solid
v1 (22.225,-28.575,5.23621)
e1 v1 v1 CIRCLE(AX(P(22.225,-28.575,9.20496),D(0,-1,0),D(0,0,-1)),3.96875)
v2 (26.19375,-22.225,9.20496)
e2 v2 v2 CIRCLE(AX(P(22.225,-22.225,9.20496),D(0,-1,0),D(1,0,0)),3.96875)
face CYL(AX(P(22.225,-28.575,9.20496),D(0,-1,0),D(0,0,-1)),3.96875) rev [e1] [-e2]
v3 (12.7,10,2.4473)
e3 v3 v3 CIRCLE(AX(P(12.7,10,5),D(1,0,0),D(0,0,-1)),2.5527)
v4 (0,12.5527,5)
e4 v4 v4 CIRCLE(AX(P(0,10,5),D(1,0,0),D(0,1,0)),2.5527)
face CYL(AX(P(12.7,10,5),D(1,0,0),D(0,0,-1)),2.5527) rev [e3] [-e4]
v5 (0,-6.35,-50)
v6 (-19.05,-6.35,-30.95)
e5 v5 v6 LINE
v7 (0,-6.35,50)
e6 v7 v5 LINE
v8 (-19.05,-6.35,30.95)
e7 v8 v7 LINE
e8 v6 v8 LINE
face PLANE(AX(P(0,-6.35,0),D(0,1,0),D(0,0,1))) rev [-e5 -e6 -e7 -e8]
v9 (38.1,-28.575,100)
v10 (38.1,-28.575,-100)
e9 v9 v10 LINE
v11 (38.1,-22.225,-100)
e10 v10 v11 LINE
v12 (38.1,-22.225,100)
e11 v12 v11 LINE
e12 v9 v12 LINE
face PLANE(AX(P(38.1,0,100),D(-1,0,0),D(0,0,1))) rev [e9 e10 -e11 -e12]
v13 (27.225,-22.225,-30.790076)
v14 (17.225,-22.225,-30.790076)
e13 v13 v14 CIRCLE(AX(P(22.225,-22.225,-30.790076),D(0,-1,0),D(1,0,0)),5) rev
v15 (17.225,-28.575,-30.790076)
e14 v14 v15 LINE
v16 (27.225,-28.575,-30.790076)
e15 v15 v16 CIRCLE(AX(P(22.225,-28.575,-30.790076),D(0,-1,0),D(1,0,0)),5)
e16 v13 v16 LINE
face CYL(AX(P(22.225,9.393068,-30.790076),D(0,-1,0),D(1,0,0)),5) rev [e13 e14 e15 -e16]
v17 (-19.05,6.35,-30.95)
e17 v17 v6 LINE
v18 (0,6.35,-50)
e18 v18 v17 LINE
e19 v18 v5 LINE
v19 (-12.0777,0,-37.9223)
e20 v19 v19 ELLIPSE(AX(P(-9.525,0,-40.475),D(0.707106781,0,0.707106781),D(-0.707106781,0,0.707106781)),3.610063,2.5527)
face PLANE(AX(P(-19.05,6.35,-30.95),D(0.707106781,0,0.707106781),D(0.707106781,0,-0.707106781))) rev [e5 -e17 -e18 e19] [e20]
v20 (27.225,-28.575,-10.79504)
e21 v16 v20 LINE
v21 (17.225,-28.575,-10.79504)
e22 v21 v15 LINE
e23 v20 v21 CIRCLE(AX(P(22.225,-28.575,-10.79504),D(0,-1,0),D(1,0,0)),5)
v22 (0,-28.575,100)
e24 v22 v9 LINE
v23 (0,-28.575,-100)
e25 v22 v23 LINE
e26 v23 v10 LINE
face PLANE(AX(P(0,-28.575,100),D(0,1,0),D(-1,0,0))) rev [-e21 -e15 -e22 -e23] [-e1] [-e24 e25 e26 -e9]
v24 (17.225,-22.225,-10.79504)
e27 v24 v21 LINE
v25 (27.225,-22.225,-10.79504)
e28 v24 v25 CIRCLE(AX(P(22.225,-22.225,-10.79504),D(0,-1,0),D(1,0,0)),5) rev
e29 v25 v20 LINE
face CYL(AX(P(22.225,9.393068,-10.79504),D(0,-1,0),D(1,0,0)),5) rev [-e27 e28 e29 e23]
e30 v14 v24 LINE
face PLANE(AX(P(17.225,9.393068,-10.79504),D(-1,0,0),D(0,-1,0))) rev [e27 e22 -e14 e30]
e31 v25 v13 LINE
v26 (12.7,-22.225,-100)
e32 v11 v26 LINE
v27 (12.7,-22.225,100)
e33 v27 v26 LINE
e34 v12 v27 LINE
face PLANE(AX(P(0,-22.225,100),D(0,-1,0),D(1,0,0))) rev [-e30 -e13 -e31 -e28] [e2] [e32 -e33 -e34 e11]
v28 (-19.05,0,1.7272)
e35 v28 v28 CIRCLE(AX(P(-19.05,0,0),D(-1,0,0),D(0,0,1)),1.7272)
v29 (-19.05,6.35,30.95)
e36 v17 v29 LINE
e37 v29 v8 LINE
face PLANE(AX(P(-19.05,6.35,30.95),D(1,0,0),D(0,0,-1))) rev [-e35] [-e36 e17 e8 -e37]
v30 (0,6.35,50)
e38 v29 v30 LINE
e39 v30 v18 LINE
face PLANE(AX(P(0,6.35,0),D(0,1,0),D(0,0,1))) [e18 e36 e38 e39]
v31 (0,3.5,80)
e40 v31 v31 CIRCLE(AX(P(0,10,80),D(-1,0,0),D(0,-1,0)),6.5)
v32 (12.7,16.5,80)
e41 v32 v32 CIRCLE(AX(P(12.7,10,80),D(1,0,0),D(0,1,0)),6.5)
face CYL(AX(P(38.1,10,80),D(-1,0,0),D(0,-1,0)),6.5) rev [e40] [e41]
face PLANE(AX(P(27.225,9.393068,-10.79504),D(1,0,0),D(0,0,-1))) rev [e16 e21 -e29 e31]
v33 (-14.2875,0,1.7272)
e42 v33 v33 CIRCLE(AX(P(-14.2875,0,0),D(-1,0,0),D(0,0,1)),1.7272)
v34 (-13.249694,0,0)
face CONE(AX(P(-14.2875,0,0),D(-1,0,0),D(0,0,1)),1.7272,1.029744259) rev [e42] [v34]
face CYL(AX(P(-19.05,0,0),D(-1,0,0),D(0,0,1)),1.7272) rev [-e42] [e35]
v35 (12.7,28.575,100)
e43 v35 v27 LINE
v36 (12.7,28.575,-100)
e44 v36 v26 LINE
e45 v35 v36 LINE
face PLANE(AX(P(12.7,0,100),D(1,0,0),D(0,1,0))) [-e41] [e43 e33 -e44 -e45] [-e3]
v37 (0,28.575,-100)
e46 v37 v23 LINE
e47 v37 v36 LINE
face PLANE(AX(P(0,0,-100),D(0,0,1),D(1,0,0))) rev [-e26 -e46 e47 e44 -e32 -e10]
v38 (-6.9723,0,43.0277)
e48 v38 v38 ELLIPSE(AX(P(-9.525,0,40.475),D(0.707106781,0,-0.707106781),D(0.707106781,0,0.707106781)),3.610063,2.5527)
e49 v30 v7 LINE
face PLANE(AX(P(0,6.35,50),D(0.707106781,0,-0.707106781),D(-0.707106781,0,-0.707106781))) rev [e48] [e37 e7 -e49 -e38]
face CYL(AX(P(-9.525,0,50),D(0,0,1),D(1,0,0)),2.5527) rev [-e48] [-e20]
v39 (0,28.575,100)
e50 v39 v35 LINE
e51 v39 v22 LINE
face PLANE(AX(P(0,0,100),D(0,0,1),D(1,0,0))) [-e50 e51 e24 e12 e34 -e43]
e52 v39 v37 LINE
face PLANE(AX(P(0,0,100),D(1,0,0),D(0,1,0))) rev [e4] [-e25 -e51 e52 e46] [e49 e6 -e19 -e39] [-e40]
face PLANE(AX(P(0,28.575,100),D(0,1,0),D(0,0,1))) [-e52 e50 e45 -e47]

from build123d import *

# Parameters (mm, degrees)
SALIENTE_EXTRUIR1_DEPTH       = 100
SALIENTE_EXTRUIR2_DEPTH       = 6.35
TALADRO_ROSCADO_1_4_202_D     = 5.1054
TALADRO_ROSCADO_8_321_D       = 3.4544
TALADRO_ROSCADO_8_321_DEPTH   = 4.7625
TALADRO_ROSCADO_8_321_TIP     = 1.037806461
CROQUIS10_R                   = 6.5
CORTAR_EXTRUIR1_DEPTH         = 111.761638779
CORTAR_EXTRUIR2_DEPTH         = 6.35
TALADRO_ROSCADO_1_4_203_D     = 5.1054
TALADRO_ROSCADO_1_4_203_DEPTH = 13
TALADRO_ROSCADO_1_4_203_TIP   = 1.533816902
F_3_8_16_TAPPED_HOLE1_D       = 7.9375
F_3_8_16_TAPPED_HOLE1_DEPTH   = 23.81
F_3_8_16_TAPPED_HOLE1_TIP     = 2.384665582


with BuildPart() as part:
    # Croquis1 → Saliente-Extruir1 (new, symmetric)
    with BuildSketch(Plane.XY):
        Polygon((12.7, 28.575), (0, 28.575), (0, 0), (0, -28.575), (38.1, -28.575), (38.1, -22.225), (12.7, -22.225), (12.7, 22.225), align=None)
    extrude(amount=SALIENTE_EXTRUIR1_DEPTH, both=True)

    # Croquis2 → Saliente-Extruir2 (add, symmetric)
    with BuildSketch(Plane(origin=(0, 0, 0), x_dir=(1, 0, 0), z_dir=(0, 1, 0))):
        Polygon((0, 50), (0, -50), (-19.05, -30.95), (-19.05, 30.95), align=None)
    extrude(amount=SALIENTE_EXTRUIR2_DEPTH, both=True)

    # Taladro roscado 1/4-202 (through all)
    with Locations(Plane.XY.offset(50)):
        with Locations((-9.525, 0)):
            Hole(TALADRO_ROSCADO_1_4_202_D / 2)

    # Taladro roscado #8-321
    with Locations(Plane.ZY.offset(19.05)):
        with Locations((0, 0)):
            Hole(TALADRO_ROSCADO_8_321_D / 2, depth=TALADRO_ROSCADO_8_321_DEPTH)
            with Locations((0, 0, -(TALADRO_ROSCADO_8_321_DEPTH + TALADRO_ROSCADO_8_321_TIP / 2))):  # 118° drill point
                Cone(0, TALADRO_ROSCADO_8_321_D / 2, TALADRO_ROSCADO_8_321_TIP, mode=Mode.SUBTRACT)

    # Croquis10 → Cortar-Extruir1 (cut, through all)
    with BuildSketch(Plane.ZY):
        with Locations(Location((80, 10, 0), (0, 0, 270))):
            Circle(CROQUIS10_R)
    extrude(amount=-CORTAR_EXTRUIR1_DEPTH, mode=Mode.SUBTRACT)

    # Croquis13 → Cortar-Extruir2 (cut)
    with BuildSketch(Plane.XZ.offset(28.575)):
        with BuildLine():
            Line((27.225, -10.795039516), (27.225, -30.790076058))
            ThreePointArc((27.225, -30.790076058), (22.225, -35.790076058), (17.225, -30.790076058))
            Line((17.225, -30.790076058), (17.225, -10.795039516))
            ThreePointArc((17.225, -10.795039516), (22.225, -5.795039516), (27.225, -10.795039516))
        make_face()
    extrude(amount=-CORTAR_EXTRUIR2_DEPTH, mode=Mode.SUBTRACT)

    # Taladro roscado 1/4-203
    with Locations(Plane(origin=(12.7, 0, 0), x_dir=(0, 0, 1), z_dir=(1, 0, 0))):
        with Locations((5, -10)):
            Hole(TALADRO_ROSCADO_1_4_203_D / 2, depth=TALADRO_ROSCADO_1_4_203_DEPTH)
            with Locations((0, 0, -(TALADRO_ROSCADO_1_4_203_DEPTH + TALADRO_ROSCADO_1_4_203_TIP / 2))):  # 118° drill point
                Cone(0, TALADRO_ROSCADO_1_4_203_D / 2, TALADRO_ROSCADO_1_4_203_TIP, mode=Mode.SUBTRACT)

    # 3/8-16 Tapped Hole1
    with Locations(Plane(origin=(0, -28.575, 0), x_dir=(-1, 0, 0), z_dir=(0, -1, 0))):
        with Locations((-22.225, -9.204960484)):
            Hole(F_3_8_16_TAPPED_HOLE1_D / 2, depth=F_3_8_16_TAPPED_HOLE1_DEPTH)
            with Locations((0, 0, -(F_3_8_16_TAPPED_HOLE1_DEPTH + F_3_8_16_TAPPED_HOLE1_TIP / 2))):  # 118° drill point
                Cone(0, F_3_8_16_TAPPED_HOLE1_D / 2, F_3_8_16_TAPPED_HOLE1_TIP, mode=Mode.SUBTRACT)


solid = part.part
